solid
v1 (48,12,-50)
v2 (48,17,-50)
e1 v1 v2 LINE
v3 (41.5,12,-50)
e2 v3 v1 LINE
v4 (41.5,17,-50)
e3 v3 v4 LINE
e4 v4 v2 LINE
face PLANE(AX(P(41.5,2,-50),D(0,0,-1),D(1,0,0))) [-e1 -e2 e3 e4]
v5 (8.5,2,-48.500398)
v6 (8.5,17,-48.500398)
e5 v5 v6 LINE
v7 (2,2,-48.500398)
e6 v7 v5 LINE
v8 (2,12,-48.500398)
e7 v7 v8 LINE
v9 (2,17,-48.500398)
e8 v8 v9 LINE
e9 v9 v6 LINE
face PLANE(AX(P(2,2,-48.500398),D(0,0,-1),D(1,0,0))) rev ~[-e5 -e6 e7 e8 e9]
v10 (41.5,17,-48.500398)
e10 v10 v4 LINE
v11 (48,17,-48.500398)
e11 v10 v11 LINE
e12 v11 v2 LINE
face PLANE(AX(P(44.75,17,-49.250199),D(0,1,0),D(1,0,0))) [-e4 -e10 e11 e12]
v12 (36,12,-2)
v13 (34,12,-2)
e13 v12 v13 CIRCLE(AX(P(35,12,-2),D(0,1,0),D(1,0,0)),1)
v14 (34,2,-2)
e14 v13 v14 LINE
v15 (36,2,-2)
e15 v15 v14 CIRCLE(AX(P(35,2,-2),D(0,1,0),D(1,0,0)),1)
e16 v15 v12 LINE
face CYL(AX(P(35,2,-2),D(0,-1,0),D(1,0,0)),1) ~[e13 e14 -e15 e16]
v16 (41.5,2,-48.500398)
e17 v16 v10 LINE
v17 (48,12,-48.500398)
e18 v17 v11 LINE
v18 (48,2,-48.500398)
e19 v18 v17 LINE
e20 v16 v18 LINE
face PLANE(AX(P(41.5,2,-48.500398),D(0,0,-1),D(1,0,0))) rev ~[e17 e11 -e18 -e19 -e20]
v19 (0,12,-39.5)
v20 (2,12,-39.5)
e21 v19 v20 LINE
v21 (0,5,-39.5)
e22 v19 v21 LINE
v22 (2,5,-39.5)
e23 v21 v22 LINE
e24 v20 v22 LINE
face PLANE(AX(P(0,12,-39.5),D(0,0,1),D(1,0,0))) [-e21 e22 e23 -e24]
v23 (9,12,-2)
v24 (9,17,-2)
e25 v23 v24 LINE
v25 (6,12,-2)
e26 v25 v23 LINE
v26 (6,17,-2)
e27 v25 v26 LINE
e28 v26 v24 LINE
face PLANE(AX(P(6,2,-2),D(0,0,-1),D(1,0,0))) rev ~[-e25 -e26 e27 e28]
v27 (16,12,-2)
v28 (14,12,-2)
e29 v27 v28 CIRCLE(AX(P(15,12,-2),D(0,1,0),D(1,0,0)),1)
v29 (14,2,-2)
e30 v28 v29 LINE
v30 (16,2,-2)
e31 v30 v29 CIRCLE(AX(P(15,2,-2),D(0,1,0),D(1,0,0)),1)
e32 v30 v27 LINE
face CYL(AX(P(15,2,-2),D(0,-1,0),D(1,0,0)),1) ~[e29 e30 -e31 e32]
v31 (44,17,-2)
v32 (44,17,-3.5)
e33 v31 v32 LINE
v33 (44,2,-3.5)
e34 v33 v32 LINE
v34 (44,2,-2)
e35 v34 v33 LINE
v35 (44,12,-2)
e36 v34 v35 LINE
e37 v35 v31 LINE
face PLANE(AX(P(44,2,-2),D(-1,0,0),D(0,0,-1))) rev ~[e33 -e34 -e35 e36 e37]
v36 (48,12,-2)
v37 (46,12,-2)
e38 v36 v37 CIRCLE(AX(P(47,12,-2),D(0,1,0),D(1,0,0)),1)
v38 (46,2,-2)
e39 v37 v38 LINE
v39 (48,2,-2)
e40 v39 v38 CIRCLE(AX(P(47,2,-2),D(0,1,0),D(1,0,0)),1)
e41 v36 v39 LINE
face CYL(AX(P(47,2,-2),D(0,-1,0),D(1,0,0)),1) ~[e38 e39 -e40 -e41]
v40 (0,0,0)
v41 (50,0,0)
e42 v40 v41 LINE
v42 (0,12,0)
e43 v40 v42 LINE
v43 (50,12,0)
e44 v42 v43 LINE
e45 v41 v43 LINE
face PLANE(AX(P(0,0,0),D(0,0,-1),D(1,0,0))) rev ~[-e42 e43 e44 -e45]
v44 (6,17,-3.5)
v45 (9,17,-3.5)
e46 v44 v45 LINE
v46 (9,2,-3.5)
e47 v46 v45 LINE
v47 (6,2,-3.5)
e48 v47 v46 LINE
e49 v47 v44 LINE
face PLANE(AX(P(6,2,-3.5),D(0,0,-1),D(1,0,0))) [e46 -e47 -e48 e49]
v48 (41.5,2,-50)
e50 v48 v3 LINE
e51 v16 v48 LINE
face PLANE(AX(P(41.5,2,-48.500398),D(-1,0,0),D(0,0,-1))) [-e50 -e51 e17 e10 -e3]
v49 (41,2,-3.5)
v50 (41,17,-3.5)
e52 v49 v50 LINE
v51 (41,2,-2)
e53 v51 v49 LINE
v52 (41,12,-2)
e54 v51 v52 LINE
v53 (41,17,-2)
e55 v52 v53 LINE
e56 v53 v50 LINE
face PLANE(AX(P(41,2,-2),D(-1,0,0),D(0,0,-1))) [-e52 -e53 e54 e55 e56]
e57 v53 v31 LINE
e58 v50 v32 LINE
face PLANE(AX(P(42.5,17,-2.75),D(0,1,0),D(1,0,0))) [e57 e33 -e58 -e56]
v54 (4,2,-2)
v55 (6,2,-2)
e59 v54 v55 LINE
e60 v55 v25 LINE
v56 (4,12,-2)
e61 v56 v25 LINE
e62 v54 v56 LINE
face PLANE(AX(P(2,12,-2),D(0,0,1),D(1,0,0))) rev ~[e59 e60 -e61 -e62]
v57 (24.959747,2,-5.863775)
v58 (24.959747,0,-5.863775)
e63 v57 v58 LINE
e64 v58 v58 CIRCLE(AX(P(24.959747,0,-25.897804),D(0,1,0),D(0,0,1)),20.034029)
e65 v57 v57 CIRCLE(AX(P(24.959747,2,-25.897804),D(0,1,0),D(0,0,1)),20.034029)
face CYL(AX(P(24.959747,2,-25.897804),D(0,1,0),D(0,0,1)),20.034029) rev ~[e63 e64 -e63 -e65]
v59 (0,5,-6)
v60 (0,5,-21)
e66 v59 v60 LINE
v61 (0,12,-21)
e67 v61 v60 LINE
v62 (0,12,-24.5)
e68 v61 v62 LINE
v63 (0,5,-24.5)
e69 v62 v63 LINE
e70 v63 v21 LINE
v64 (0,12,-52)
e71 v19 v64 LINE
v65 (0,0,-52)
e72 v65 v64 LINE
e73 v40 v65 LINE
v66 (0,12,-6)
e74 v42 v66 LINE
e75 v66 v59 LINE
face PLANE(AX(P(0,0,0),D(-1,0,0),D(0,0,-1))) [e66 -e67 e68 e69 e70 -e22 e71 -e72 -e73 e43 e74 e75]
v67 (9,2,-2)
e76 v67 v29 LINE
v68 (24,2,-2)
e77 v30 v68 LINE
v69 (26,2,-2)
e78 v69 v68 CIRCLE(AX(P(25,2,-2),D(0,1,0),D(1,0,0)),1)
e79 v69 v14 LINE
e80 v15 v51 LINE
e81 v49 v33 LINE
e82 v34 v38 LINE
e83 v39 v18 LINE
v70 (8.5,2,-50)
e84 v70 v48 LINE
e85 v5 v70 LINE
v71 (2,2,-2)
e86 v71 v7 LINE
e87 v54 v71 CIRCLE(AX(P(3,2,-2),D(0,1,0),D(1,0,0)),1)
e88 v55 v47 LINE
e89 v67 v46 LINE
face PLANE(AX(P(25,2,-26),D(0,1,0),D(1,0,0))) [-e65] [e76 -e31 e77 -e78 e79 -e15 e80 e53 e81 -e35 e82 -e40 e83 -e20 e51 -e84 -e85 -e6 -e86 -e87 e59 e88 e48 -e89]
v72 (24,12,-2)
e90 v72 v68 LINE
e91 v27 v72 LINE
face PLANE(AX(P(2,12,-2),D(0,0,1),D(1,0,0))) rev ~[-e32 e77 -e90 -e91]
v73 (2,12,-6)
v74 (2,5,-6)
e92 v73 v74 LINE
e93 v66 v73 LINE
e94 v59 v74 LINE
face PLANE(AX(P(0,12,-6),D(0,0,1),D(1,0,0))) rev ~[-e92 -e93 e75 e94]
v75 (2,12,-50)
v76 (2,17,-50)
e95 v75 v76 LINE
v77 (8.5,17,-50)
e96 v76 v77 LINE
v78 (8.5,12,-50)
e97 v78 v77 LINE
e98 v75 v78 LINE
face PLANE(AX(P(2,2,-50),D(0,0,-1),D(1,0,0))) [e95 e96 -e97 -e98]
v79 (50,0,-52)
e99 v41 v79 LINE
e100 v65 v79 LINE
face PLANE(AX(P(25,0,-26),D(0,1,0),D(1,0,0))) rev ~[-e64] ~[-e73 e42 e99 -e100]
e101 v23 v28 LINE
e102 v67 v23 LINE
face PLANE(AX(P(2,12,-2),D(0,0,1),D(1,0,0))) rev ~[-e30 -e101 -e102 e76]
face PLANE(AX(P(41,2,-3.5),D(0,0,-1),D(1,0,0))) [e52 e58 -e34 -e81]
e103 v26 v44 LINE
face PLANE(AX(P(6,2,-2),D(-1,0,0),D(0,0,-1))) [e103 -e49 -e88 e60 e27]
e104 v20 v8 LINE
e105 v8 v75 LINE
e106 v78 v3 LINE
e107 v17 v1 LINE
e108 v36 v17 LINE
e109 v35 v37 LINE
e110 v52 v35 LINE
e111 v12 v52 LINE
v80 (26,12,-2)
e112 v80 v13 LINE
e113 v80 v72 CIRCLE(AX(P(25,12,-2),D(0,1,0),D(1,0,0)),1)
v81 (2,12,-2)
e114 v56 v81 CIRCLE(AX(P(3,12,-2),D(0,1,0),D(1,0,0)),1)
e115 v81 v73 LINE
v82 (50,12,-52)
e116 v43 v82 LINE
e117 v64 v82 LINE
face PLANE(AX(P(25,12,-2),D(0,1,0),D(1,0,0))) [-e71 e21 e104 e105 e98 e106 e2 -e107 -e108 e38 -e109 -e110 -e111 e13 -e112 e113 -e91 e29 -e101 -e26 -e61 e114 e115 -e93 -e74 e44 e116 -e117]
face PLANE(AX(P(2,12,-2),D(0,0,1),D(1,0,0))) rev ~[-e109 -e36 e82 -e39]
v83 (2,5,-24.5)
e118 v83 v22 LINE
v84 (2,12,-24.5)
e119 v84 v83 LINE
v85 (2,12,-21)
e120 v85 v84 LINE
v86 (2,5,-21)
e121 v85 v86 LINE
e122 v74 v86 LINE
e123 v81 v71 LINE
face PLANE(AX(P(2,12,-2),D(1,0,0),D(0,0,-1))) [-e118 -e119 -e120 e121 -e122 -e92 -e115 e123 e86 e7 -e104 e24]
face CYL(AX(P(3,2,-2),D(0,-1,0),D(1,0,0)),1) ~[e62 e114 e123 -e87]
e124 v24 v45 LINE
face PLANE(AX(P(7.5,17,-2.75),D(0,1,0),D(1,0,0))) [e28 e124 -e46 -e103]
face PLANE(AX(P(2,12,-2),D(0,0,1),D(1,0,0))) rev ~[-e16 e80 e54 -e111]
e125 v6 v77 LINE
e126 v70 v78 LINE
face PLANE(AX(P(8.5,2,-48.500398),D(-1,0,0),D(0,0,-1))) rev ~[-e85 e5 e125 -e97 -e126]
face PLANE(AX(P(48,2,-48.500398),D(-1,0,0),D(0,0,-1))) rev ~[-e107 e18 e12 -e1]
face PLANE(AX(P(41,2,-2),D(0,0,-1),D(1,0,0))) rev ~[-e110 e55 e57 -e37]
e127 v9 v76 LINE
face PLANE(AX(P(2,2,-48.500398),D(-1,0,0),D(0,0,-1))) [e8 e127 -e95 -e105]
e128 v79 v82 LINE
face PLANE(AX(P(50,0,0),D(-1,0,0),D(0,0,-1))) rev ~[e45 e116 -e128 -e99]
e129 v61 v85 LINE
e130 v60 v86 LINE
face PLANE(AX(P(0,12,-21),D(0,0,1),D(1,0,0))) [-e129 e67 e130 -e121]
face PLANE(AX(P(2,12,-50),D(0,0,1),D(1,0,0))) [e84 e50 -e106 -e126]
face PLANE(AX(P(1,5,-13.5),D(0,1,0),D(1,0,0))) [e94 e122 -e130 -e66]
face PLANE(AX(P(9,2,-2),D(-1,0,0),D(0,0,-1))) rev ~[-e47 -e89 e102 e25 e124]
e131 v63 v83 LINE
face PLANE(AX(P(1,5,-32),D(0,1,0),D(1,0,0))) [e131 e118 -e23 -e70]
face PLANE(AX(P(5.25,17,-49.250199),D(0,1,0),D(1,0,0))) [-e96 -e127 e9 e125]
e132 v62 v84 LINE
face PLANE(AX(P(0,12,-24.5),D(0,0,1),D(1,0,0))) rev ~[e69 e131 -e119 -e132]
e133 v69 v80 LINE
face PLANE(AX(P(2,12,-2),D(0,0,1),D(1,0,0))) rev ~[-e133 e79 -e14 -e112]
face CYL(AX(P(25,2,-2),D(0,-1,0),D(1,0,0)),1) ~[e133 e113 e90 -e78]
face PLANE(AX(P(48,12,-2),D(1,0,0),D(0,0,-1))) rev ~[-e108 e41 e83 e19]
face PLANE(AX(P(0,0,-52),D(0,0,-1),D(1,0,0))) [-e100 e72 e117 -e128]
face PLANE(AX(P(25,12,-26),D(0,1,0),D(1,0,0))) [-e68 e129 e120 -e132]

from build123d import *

# Parameters (mm, degrees)
SKETCH2_W           = 50
SKETCH2_H           = 52
BOSS_EXTRUDE1_DEPTH = 12
SKETCH5_W           = 46
SKETCH5_H           = 48
CUT_EXTRUDE1_DEPTH  = 10
SKETCH7_W           = 2
SKETCH7_H           = 15
CUT_EXTRUDE2_DEPTH  = 7
SKETCH10_R          = 1
BOSS_EXTRUDE2_DEPTH = 10
SKETCH11_W          = 3
SKETCH11_H          = 1.5
SKETCH11_W_2        = 6.5
SKETCH11_H_2        = 1.499602214
BOSS_EXTRUDE3_DEPTH = 15
SKETCH12_R          = 20.034029424
CUT_EXTRUDE4_DEPTH  = 15


with BuildPart() as part:
    # Sketch2 → Boss-Extrude1 (new body)
    with BuildSketch(Plane(origin=(0, 0, 0), x_dir=(1, 0, 0), z_dir=(0, 1, 0))):
        with Locations((25, 26)):
            Rectangle(SKETCH2_W, SKETCH2_H)
    extrude(amount=BOSS_EXTRUDE1_DEPTH)

    # Sketch5 → Cut-Extrude1 (cut)
    with BuildSketch(Plane(origin=(0, 12, 0), x_dir=(1, 0, 0), z_dir=(0, 1, 0))):
        with Locations((25, 26)):
            Rectangle(SKETCH5_W, SKETCH5_H)
    extrude(amount=-CUT_EXTRUDE1_DEPTH, mode=Mode.SUBTRACT)

    # Sketch7 → Cut-Extrude2 (cut)
    with BuildSketch(Plane(origin=(0, 12, 0), x_dir=(1, 0, 0), z_dir=(0, 1, 0))):
        with Locations((1, 32)):
            Rectangle(SKETCH7_W, SKETCH7_H)
        with Locations((1, 13.5)):
            Rectangle(SKETCH7_W, SKETCH7_H)
    extrude(amount=-CUT_EXTRUDE2_DEPTH, mode=Mode.SUBTRACT)

    # Sketch10 → Boss-Extrude2 (add)
    with BuildSketch(Plane(origin=(0, 2, 0), x_dir=(1, 0, 0), z_dir=(0, 1, 0))):
        with Locations((25, 2)):
            Circle(SKETCH10_R)
        with Locations((35, 2)):
            Circle(SKETCH10_R)
        with Locations((15, 2)):
            Circle(SKETCH10_R)
        with Locations((3, 2)):
            Circle(SKETCH10_R)
        with Locations((47, 2)):
            Circle(SKETCH10_R)
    extrude(amount=BOSS_EXTRUDE2_DEPTH)

    # Sketch11 → Boss-Extrude3 (add)
    with BuildSketch(Plane(origin=(0, 2, 0), x_dir=(1, 0, 0), z_dir=(0, 1, 0))):
        with Locations((7.5, 2.75)):
            Rectangle(SKETCH11_W, SKETCH11_H)
        with Locations((42.5, 2.75)):
            Rectangle(SKETCH11_W, SKETCH11_H)
        with Locations((5.25, 49.250198893)):
            Rectangle(SKETCH11_W_2, SKETCH11_H_2)
        with Locations((44.75, 49.250198893)):
            Rectangle(SKETCH11_W_2, SKETCH11_H_2)
    extrude(amount=BOSS_EXTRUDE3_DEPTH)

    # Sketch12 → Cut-Extrude4 (cut)
    with BuildSketch(Plane(origin=(0, 2, 0), x_dir=(1, 0, 0), z_dir=(0, 1, 0))):
        with Locations(Location((24.959746772, 25.897804051, 0), (0, 0, 270))):
            Circle(SKETCH12_R)
    extrude(amount=-CUT_EXTRUDE4_DEPTH, mode=Mode.SUBTRACT)


solid = part.part
